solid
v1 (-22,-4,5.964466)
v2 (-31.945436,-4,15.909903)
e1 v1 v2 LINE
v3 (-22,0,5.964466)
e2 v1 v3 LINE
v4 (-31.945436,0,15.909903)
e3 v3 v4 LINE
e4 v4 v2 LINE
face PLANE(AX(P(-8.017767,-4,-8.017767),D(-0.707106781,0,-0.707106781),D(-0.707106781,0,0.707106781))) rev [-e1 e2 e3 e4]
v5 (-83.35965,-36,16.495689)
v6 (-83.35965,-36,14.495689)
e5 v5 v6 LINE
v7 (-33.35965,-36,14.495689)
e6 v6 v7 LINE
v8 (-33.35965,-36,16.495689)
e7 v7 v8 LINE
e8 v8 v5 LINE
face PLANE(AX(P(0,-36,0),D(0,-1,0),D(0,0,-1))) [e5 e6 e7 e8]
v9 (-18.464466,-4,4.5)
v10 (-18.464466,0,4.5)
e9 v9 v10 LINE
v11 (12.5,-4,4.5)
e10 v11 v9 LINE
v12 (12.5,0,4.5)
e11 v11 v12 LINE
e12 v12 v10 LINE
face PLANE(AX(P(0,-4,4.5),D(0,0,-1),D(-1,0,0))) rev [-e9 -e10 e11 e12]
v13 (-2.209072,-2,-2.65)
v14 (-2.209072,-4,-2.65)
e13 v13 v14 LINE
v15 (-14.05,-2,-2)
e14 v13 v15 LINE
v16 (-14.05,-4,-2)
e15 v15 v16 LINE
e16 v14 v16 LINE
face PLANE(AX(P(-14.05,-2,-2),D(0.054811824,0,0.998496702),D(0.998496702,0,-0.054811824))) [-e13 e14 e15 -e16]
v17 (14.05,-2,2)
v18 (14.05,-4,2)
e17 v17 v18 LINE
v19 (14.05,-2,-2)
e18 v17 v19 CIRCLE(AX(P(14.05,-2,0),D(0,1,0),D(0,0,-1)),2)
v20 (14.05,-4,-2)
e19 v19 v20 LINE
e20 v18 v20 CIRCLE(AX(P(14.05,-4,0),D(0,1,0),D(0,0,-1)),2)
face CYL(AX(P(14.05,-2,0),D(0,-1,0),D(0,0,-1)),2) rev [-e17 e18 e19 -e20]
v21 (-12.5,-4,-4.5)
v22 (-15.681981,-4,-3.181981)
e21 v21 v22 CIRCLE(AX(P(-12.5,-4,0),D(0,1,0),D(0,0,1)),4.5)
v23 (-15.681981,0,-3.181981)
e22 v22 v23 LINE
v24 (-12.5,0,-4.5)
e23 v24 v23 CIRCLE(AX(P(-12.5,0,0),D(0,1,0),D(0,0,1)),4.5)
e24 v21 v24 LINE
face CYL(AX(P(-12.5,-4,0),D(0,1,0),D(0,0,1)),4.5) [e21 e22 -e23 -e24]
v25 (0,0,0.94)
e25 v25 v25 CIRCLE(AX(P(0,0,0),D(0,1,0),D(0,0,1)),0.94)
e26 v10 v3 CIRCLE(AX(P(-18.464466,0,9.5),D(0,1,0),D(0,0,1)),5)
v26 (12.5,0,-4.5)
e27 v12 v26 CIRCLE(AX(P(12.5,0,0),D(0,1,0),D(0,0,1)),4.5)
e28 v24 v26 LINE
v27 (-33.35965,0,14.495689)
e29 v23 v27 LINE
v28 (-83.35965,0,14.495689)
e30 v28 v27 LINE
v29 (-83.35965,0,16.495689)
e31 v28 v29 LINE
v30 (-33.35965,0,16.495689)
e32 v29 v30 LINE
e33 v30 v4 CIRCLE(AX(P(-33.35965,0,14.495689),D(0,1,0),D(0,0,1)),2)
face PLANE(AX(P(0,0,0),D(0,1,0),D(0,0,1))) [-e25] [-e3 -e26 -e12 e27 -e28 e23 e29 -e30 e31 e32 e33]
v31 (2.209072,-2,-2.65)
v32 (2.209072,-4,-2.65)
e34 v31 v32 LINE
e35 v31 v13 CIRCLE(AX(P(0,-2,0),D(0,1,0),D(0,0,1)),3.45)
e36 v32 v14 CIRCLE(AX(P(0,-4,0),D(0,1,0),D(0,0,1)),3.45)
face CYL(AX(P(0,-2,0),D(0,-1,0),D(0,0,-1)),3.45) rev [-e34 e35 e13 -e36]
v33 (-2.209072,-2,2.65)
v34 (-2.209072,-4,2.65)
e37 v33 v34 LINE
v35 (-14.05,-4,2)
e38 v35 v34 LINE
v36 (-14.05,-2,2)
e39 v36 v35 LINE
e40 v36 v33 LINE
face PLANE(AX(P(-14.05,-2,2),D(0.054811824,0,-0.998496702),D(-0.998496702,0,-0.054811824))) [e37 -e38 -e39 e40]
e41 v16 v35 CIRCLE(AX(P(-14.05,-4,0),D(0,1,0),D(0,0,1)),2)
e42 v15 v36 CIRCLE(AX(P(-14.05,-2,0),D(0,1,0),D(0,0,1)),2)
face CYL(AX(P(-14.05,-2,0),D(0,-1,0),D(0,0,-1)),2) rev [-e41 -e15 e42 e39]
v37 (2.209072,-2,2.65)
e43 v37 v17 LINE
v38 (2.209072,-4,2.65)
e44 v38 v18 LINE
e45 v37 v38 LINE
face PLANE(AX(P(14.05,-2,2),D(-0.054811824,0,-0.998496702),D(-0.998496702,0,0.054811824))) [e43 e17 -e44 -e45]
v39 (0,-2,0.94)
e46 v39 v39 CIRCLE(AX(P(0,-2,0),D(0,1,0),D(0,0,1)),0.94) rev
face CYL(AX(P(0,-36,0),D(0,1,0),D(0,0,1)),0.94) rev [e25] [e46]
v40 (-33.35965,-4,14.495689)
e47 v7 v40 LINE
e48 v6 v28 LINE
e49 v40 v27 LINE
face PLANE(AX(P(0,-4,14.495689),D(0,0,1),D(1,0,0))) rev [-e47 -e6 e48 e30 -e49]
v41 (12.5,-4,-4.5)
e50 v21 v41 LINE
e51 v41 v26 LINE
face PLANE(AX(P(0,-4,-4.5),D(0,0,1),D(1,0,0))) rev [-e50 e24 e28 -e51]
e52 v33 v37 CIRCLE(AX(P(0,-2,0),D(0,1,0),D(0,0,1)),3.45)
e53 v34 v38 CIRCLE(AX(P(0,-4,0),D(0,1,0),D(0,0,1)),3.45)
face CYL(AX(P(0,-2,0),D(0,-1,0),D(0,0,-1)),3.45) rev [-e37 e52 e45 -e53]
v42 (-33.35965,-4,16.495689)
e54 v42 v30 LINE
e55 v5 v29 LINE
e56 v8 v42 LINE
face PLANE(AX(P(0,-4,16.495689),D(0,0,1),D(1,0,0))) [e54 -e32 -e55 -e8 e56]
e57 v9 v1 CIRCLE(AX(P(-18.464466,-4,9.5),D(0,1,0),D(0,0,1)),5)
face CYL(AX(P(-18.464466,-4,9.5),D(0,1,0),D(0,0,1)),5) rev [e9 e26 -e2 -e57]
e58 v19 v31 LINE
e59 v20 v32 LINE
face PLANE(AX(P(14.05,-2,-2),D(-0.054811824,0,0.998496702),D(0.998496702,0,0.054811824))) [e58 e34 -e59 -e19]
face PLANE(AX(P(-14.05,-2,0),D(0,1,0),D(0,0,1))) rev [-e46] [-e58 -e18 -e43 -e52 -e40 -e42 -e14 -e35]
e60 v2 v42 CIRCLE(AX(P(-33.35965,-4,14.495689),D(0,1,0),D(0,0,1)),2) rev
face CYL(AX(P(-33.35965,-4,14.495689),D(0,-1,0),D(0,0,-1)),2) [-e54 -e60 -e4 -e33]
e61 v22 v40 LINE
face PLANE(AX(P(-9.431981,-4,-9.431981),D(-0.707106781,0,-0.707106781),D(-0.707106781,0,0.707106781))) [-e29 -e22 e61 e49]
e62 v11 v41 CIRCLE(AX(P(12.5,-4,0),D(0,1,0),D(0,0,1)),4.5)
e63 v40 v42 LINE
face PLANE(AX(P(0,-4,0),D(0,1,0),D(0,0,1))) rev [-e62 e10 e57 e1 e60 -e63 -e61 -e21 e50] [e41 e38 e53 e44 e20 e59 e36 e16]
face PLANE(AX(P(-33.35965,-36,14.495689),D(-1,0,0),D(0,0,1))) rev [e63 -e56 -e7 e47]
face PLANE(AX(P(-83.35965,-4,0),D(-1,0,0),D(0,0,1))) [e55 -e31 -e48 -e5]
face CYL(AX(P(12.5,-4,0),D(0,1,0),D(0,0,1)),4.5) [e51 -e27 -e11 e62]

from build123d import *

# Parameters (mm, degrees)
RESSALTO_EXTRUS_O1_DEPTH = 4
ESBO_O2_W                = 50
ESBO_O2_H                = 2
RESSALTO_EXTRUS_O2_DEPTH = 32
ESBO_O3_R                = 0.94
CORTE_EXTRUS_O1_DEPTH    = 37
CORTE_EXTRUS_O2_DEPTH    = 2
FILETE1_R                = 2


with BuildPart() as part:
    # Esboço1 → Ressalto-extrusão1 (new body)
    with BuildSketch(Plane(origin=(0, 0, 0), x_dir=(1, 0, 0), z_dir=(0, 1, 0))):
        with BuildLine():
            Line((12.5, 4.5), (-12.5, 4.5))
            ThreePointArc((-12.5, 4.5), (-14.222075446, 4.157457896), (-15.681980515, 3.181980515))
            Line((-15.681980515, 3.181980515), (-33.359650045, -14.495689014))
            Line((-33.359650045, -14.495689014), (-83.359650045, -14.495689014))
            Line((-83.359650045, -14.495689014), (-83.359650045, -16.495689014))
            Line((-83.359650045, -16.495689014), (-32.53122292, -16.495689014))
            Line((-32.53122292, -16.495689014), (-22, -5.964466094))
            ThreePointArc((-22, -5.964466094), (-20.377883256, -4.880602337), (-18.464466094, -4.5))
            Line((-18.464466094, -4.5), (12.5, -4.5))
            ThreePointArc((12.5, -4.5), (17, 0), (12.5, 4.5))
        make_face()
    extrude(amount=-RESSALTO_EXTRUS_O1_DEPTH)

    # Esboço2 → Ressalto-extrusão2 (add)
    with BuildSketch(Plane.XZ.offset(4)):
        with Locations((-58.359650045, 15.495689014)):
            Rectangle(ESBO_O2_W, ESBO_O2_H)
    extrude(amount=RESSALTO_EXTRUS_O2_DEPTH)

    # Esboço3 → Corte-extrusão1 (cut, through all)
    with BuildSketch(Plane(origin=(0, 0, 0), x_dir=(1, 0, 0), z_dir=(0, 1, 0))):
        Circle(ESBO_O3_R)
    extrude(amount=-CORTE_EXTRUS_O1_DEPTH, mode=Mode.SUBTRACT)

    # Esboço6 → Corte-extrusão2 (cut)
    with BuildSketch(Plane(origin=(0, -4, 0), x_dir=(1, 0, 0), z_dir=(0, 1, 0))):
        with BuildLine():
            Line((-14.05, 2), (-2.209072203, 2.65))
            ThreePointArc((-2.209072203, 2.65), (0, 3.45), (2.209072203, 2.65))
            Line((2.209072203, 2.65), (14.05, 2))
            ThreePointArc((14.05, 2), (16.05, 0), (14.05, -2))
            Line((14.05, -2), (2.209072203, -2.65))
            ThreePointArc((2.209072203, -2.65), (0, -3.45), (-2.209072203, -2.65))
            Line((-2.209072203, -2.65), (-14.05, -2))
            ThreePointArc((-14.05, -2), (-16.05, 0), (-14.05, 2))
        make_face()
    extrude(amount=CORTE_EXTRUS_O2_DEPTH, mode=Mode.SUBTRACT)

    # Filete1
    filete1_edges = [part.edges().sort_by_distance(p)[0] for p in [
        (-32.53122292, -2, 16.495689014),
    ]]
    fillet(filete1_edges, radius=FILETE1_R)


solid = part.part
